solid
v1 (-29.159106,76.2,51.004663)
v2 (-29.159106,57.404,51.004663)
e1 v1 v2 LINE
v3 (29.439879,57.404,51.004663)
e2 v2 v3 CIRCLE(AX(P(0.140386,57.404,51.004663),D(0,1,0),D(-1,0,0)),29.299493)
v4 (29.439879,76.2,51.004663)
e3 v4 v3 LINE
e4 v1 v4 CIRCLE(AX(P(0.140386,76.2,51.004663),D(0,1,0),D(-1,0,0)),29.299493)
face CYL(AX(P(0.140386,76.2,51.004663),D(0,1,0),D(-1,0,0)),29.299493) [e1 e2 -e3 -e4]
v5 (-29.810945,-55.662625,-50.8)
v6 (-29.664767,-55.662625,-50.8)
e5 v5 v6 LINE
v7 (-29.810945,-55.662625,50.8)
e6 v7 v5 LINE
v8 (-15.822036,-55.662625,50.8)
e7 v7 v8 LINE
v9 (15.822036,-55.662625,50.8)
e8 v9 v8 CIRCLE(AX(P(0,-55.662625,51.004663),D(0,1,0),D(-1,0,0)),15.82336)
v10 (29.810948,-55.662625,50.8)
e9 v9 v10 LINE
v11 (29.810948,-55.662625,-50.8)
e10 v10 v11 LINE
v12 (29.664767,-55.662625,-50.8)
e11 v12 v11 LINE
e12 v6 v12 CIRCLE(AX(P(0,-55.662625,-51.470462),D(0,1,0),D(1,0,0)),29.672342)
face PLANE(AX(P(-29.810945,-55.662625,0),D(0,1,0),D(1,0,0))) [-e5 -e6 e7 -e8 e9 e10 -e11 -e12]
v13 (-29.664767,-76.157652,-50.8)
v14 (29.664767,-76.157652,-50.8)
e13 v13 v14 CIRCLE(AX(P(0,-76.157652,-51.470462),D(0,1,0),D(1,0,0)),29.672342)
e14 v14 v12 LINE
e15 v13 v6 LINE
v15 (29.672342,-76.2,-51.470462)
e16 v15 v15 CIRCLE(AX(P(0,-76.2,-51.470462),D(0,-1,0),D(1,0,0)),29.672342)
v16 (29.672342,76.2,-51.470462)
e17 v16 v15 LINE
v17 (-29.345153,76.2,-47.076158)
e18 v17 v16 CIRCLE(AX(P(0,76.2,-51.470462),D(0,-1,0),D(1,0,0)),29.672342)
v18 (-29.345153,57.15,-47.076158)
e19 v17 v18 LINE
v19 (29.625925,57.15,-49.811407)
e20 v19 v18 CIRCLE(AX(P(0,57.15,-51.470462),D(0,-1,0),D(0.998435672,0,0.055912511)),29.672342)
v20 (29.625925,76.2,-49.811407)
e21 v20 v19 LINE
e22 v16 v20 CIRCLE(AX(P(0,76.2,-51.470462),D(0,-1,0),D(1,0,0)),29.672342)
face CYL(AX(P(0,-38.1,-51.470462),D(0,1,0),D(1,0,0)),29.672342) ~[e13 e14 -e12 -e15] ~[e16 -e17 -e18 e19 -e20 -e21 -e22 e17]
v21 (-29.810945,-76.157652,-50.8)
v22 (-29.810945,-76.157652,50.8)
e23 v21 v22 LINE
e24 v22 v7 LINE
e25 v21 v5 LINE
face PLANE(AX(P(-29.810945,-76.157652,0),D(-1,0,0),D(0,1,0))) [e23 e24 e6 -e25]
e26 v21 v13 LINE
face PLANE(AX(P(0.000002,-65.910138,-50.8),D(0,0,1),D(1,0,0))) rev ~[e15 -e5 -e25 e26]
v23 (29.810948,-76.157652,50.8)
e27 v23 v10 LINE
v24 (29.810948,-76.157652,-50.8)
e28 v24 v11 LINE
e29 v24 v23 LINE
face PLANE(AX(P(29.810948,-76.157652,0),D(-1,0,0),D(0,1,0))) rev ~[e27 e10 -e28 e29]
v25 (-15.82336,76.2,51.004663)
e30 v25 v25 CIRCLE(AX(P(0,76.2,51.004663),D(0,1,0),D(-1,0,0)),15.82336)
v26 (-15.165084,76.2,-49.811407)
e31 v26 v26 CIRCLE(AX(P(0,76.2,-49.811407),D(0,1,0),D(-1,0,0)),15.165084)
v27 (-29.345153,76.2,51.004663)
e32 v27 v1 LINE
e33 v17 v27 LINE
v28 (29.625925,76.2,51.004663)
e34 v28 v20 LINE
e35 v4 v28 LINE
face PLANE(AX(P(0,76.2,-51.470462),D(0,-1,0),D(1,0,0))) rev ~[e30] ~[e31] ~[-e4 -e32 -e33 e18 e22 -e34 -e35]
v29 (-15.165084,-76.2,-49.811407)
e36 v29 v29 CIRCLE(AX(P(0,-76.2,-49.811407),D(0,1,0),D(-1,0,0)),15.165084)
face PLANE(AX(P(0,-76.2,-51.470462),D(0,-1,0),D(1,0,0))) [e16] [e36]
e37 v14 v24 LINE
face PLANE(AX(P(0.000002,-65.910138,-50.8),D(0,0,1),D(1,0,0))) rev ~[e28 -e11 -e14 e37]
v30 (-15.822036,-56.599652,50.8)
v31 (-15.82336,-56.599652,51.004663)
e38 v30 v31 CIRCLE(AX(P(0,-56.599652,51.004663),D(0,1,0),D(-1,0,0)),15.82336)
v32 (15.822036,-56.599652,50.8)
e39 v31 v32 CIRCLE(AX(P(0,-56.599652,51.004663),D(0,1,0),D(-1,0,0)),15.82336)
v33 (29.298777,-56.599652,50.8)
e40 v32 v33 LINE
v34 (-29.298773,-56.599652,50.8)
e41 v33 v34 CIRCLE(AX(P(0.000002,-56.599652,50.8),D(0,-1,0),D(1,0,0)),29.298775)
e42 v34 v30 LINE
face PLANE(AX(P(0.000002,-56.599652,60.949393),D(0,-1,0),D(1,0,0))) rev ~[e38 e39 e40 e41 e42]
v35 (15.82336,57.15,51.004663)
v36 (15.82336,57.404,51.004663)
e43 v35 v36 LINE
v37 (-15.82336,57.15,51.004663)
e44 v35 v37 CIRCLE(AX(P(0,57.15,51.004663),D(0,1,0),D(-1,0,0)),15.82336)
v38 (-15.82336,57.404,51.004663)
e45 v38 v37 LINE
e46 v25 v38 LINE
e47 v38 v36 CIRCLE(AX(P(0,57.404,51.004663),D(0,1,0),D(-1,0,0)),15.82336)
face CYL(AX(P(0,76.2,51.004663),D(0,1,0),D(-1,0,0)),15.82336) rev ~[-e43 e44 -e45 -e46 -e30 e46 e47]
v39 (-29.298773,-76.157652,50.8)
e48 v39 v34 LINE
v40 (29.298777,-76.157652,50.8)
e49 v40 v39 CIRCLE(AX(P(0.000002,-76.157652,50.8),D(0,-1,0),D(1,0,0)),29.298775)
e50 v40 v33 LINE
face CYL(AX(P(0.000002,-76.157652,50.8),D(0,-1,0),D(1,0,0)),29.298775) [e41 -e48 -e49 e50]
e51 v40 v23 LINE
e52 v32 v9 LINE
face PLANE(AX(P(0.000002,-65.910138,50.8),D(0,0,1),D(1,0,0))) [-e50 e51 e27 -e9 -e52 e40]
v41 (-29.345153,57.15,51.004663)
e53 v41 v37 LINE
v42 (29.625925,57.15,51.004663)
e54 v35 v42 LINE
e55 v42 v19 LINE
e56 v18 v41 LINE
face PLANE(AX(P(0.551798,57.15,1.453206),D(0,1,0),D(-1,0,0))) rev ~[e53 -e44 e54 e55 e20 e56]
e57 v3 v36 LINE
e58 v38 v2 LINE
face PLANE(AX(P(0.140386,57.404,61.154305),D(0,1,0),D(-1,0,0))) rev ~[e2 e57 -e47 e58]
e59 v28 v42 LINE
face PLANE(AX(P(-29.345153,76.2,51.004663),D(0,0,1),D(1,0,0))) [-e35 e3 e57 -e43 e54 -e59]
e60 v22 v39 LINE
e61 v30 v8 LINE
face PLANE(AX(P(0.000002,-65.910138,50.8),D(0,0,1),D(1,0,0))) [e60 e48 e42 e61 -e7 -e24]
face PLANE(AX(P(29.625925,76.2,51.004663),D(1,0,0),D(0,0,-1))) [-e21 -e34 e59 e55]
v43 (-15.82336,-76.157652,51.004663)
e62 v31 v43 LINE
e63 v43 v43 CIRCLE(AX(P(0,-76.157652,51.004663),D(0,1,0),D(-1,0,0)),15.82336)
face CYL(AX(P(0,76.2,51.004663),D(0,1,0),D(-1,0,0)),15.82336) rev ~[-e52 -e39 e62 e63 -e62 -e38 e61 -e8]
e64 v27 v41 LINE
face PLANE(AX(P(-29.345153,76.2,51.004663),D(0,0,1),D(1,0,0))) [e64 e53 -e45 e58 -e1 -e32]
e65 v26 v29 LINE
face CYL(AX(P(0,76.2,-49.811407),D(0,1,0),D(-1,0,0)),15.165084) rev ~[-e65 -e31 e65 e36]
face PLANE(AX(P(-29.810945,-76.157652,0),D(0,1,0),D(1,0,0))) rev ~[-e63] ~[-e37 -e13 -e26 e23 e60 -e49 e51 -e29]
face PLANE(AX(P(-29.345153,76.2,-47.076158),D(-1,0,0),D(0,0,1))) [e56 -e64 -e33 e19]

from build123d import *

# Parameters (mm, degrees)
F0_R      = 29.6723424489
F1_DEPTH  = 38.1
F2_DEPTH  = 38.1
F3_DEPTH  = 76.2
F4_W      = 59.6218928695
F4_H      = 20.4950273037
F5_DEPTH  = 50.8
F6_DEPTH  = 50.8
F8_DEPTH  = 19.558
F10_DEPTH = 19.05
F12_DEPTH = 18.796
F13_R     = 15.1650839795
F14_DEPTH = 203.2
F15_R     = 15.8233600447
F16_DEPTH = 177.8


with BuildPart() as f1:
    # F0 (on Front) → F1 (new body)
    with BuildSketch(Plane.XZ):
        with Locations((0, -51.4704622328)):
            Circle(F0_R)
    extrude(amount=F1_DEPTH)

    # F2 (add): a face of the model
    f2_faces = [f1.faces().sort_by_distance(p)[0] for p in [
        (0, -38.1, -51.4704622328),
    ]]
    extrude(f2_faces, amount=F2_DEPTH)

    # F3 (add): a face of the model
    f3_faces = [f1.faces().sort_by_distance(p)[0] for p in [
        (0, 0, -51.4704622328),
    ]]
    extrude(f3_faces, amount=F3_DEPTH)

    # F4 (on Top) → F5 (join)
    with BuildSketch(Plane.XY):
        with Locations((1.8626e-06, -65.9101381898)):
            Rectangle(F4_W, F4_H)
    extrude(amount=-F5_DEPTH)

    # F6 (add): a face of the model
    f6_faces = [f1.faces().sort_by_distance(p)[0] for p in [
        (1.8626e-06, -65.9101381898, 0),
    ]]
    extrude(f6_faces, amount=F6_DEPTH)

    # F7 (on face) → F8 (join)
    with BuildSketch(Plane.XZ.offset(76.1576518416)):
        with BuildLine():
            Line((-29.2987728327, 50.8), (29.298776558, 50.8))
            ThreePointArc((29.298776558, 50.8), (1.8626e-06, 80.0987746954), (-29.2987728327, 50.8))
        make_face()
    extrude(amount=-F8_DEPTH)

    # F9 (on face) → F10 (join)
    with BuildSketch(Plane(origin=(0, 76.2, 0), x_dir=(-1, 0, 0), z_dir=(0, 1, 0))):
        with BuildLine():
            Line((-29.6259251728, 51.0046631098), (-29.6259251728, -49.811407061))
            ThreePointArc((-29.6259251728, -49.811407061), (-1.3748108286, -21.8299865013), (29.3451528996, -47.0761582262))
            Line((29.3451528996, -47.0761582262), (29.3451528996, 51.0046631098))
            Line((29.3451528996, 51.0046631098), (-29.6259251728, 51.0046631098))
        make_face()
    extrude(amount=-F10_DEPTH)

    # F11 (on face) → F12 (join)
    with BuildSketch(Plane(origin=(0, 76.2, 0), x_dir=(-1, 0, 0), z_dir=(0, 1, 0))):
        with BuildLine():
            Line((-29.4398787195, 51.0046631098), (29.1591064463, 51.0046631098))
            ThreePointArc((29.1591064463, 51.0046631098), (-0.1403861366, 80.3041556927), (-29.4398787195, 51.0046631098))
        make_face()
    extrude(amount=-F12_DEPTH)

    # F13 (on face) → F14 (cut)
    with BuildSketch(Plane(origin=(0, 76.2, 0), x_dir=(-1, 0, 0), z_dir=(0, 1, 0))):
        with Locations((0, -49.811407061)):
            Circle(F13_R)
    extrude(amount=-F14_DEPTH, mode=Mode.SUBTRACT)

    # F15 (on face) → F16 (cut)
    with BuildSketch(Plane(origin=(0, 76.2, 0), x_dir=(-1, 0, 0), z_dir=(0, 1, 0))):
        with Locations((0, 51.0046631098)):
            Circle(F15_R)
    extrude(amount=-F16_DEPTH, mode=Mode.SUBTRACT)


solid = f1.part
